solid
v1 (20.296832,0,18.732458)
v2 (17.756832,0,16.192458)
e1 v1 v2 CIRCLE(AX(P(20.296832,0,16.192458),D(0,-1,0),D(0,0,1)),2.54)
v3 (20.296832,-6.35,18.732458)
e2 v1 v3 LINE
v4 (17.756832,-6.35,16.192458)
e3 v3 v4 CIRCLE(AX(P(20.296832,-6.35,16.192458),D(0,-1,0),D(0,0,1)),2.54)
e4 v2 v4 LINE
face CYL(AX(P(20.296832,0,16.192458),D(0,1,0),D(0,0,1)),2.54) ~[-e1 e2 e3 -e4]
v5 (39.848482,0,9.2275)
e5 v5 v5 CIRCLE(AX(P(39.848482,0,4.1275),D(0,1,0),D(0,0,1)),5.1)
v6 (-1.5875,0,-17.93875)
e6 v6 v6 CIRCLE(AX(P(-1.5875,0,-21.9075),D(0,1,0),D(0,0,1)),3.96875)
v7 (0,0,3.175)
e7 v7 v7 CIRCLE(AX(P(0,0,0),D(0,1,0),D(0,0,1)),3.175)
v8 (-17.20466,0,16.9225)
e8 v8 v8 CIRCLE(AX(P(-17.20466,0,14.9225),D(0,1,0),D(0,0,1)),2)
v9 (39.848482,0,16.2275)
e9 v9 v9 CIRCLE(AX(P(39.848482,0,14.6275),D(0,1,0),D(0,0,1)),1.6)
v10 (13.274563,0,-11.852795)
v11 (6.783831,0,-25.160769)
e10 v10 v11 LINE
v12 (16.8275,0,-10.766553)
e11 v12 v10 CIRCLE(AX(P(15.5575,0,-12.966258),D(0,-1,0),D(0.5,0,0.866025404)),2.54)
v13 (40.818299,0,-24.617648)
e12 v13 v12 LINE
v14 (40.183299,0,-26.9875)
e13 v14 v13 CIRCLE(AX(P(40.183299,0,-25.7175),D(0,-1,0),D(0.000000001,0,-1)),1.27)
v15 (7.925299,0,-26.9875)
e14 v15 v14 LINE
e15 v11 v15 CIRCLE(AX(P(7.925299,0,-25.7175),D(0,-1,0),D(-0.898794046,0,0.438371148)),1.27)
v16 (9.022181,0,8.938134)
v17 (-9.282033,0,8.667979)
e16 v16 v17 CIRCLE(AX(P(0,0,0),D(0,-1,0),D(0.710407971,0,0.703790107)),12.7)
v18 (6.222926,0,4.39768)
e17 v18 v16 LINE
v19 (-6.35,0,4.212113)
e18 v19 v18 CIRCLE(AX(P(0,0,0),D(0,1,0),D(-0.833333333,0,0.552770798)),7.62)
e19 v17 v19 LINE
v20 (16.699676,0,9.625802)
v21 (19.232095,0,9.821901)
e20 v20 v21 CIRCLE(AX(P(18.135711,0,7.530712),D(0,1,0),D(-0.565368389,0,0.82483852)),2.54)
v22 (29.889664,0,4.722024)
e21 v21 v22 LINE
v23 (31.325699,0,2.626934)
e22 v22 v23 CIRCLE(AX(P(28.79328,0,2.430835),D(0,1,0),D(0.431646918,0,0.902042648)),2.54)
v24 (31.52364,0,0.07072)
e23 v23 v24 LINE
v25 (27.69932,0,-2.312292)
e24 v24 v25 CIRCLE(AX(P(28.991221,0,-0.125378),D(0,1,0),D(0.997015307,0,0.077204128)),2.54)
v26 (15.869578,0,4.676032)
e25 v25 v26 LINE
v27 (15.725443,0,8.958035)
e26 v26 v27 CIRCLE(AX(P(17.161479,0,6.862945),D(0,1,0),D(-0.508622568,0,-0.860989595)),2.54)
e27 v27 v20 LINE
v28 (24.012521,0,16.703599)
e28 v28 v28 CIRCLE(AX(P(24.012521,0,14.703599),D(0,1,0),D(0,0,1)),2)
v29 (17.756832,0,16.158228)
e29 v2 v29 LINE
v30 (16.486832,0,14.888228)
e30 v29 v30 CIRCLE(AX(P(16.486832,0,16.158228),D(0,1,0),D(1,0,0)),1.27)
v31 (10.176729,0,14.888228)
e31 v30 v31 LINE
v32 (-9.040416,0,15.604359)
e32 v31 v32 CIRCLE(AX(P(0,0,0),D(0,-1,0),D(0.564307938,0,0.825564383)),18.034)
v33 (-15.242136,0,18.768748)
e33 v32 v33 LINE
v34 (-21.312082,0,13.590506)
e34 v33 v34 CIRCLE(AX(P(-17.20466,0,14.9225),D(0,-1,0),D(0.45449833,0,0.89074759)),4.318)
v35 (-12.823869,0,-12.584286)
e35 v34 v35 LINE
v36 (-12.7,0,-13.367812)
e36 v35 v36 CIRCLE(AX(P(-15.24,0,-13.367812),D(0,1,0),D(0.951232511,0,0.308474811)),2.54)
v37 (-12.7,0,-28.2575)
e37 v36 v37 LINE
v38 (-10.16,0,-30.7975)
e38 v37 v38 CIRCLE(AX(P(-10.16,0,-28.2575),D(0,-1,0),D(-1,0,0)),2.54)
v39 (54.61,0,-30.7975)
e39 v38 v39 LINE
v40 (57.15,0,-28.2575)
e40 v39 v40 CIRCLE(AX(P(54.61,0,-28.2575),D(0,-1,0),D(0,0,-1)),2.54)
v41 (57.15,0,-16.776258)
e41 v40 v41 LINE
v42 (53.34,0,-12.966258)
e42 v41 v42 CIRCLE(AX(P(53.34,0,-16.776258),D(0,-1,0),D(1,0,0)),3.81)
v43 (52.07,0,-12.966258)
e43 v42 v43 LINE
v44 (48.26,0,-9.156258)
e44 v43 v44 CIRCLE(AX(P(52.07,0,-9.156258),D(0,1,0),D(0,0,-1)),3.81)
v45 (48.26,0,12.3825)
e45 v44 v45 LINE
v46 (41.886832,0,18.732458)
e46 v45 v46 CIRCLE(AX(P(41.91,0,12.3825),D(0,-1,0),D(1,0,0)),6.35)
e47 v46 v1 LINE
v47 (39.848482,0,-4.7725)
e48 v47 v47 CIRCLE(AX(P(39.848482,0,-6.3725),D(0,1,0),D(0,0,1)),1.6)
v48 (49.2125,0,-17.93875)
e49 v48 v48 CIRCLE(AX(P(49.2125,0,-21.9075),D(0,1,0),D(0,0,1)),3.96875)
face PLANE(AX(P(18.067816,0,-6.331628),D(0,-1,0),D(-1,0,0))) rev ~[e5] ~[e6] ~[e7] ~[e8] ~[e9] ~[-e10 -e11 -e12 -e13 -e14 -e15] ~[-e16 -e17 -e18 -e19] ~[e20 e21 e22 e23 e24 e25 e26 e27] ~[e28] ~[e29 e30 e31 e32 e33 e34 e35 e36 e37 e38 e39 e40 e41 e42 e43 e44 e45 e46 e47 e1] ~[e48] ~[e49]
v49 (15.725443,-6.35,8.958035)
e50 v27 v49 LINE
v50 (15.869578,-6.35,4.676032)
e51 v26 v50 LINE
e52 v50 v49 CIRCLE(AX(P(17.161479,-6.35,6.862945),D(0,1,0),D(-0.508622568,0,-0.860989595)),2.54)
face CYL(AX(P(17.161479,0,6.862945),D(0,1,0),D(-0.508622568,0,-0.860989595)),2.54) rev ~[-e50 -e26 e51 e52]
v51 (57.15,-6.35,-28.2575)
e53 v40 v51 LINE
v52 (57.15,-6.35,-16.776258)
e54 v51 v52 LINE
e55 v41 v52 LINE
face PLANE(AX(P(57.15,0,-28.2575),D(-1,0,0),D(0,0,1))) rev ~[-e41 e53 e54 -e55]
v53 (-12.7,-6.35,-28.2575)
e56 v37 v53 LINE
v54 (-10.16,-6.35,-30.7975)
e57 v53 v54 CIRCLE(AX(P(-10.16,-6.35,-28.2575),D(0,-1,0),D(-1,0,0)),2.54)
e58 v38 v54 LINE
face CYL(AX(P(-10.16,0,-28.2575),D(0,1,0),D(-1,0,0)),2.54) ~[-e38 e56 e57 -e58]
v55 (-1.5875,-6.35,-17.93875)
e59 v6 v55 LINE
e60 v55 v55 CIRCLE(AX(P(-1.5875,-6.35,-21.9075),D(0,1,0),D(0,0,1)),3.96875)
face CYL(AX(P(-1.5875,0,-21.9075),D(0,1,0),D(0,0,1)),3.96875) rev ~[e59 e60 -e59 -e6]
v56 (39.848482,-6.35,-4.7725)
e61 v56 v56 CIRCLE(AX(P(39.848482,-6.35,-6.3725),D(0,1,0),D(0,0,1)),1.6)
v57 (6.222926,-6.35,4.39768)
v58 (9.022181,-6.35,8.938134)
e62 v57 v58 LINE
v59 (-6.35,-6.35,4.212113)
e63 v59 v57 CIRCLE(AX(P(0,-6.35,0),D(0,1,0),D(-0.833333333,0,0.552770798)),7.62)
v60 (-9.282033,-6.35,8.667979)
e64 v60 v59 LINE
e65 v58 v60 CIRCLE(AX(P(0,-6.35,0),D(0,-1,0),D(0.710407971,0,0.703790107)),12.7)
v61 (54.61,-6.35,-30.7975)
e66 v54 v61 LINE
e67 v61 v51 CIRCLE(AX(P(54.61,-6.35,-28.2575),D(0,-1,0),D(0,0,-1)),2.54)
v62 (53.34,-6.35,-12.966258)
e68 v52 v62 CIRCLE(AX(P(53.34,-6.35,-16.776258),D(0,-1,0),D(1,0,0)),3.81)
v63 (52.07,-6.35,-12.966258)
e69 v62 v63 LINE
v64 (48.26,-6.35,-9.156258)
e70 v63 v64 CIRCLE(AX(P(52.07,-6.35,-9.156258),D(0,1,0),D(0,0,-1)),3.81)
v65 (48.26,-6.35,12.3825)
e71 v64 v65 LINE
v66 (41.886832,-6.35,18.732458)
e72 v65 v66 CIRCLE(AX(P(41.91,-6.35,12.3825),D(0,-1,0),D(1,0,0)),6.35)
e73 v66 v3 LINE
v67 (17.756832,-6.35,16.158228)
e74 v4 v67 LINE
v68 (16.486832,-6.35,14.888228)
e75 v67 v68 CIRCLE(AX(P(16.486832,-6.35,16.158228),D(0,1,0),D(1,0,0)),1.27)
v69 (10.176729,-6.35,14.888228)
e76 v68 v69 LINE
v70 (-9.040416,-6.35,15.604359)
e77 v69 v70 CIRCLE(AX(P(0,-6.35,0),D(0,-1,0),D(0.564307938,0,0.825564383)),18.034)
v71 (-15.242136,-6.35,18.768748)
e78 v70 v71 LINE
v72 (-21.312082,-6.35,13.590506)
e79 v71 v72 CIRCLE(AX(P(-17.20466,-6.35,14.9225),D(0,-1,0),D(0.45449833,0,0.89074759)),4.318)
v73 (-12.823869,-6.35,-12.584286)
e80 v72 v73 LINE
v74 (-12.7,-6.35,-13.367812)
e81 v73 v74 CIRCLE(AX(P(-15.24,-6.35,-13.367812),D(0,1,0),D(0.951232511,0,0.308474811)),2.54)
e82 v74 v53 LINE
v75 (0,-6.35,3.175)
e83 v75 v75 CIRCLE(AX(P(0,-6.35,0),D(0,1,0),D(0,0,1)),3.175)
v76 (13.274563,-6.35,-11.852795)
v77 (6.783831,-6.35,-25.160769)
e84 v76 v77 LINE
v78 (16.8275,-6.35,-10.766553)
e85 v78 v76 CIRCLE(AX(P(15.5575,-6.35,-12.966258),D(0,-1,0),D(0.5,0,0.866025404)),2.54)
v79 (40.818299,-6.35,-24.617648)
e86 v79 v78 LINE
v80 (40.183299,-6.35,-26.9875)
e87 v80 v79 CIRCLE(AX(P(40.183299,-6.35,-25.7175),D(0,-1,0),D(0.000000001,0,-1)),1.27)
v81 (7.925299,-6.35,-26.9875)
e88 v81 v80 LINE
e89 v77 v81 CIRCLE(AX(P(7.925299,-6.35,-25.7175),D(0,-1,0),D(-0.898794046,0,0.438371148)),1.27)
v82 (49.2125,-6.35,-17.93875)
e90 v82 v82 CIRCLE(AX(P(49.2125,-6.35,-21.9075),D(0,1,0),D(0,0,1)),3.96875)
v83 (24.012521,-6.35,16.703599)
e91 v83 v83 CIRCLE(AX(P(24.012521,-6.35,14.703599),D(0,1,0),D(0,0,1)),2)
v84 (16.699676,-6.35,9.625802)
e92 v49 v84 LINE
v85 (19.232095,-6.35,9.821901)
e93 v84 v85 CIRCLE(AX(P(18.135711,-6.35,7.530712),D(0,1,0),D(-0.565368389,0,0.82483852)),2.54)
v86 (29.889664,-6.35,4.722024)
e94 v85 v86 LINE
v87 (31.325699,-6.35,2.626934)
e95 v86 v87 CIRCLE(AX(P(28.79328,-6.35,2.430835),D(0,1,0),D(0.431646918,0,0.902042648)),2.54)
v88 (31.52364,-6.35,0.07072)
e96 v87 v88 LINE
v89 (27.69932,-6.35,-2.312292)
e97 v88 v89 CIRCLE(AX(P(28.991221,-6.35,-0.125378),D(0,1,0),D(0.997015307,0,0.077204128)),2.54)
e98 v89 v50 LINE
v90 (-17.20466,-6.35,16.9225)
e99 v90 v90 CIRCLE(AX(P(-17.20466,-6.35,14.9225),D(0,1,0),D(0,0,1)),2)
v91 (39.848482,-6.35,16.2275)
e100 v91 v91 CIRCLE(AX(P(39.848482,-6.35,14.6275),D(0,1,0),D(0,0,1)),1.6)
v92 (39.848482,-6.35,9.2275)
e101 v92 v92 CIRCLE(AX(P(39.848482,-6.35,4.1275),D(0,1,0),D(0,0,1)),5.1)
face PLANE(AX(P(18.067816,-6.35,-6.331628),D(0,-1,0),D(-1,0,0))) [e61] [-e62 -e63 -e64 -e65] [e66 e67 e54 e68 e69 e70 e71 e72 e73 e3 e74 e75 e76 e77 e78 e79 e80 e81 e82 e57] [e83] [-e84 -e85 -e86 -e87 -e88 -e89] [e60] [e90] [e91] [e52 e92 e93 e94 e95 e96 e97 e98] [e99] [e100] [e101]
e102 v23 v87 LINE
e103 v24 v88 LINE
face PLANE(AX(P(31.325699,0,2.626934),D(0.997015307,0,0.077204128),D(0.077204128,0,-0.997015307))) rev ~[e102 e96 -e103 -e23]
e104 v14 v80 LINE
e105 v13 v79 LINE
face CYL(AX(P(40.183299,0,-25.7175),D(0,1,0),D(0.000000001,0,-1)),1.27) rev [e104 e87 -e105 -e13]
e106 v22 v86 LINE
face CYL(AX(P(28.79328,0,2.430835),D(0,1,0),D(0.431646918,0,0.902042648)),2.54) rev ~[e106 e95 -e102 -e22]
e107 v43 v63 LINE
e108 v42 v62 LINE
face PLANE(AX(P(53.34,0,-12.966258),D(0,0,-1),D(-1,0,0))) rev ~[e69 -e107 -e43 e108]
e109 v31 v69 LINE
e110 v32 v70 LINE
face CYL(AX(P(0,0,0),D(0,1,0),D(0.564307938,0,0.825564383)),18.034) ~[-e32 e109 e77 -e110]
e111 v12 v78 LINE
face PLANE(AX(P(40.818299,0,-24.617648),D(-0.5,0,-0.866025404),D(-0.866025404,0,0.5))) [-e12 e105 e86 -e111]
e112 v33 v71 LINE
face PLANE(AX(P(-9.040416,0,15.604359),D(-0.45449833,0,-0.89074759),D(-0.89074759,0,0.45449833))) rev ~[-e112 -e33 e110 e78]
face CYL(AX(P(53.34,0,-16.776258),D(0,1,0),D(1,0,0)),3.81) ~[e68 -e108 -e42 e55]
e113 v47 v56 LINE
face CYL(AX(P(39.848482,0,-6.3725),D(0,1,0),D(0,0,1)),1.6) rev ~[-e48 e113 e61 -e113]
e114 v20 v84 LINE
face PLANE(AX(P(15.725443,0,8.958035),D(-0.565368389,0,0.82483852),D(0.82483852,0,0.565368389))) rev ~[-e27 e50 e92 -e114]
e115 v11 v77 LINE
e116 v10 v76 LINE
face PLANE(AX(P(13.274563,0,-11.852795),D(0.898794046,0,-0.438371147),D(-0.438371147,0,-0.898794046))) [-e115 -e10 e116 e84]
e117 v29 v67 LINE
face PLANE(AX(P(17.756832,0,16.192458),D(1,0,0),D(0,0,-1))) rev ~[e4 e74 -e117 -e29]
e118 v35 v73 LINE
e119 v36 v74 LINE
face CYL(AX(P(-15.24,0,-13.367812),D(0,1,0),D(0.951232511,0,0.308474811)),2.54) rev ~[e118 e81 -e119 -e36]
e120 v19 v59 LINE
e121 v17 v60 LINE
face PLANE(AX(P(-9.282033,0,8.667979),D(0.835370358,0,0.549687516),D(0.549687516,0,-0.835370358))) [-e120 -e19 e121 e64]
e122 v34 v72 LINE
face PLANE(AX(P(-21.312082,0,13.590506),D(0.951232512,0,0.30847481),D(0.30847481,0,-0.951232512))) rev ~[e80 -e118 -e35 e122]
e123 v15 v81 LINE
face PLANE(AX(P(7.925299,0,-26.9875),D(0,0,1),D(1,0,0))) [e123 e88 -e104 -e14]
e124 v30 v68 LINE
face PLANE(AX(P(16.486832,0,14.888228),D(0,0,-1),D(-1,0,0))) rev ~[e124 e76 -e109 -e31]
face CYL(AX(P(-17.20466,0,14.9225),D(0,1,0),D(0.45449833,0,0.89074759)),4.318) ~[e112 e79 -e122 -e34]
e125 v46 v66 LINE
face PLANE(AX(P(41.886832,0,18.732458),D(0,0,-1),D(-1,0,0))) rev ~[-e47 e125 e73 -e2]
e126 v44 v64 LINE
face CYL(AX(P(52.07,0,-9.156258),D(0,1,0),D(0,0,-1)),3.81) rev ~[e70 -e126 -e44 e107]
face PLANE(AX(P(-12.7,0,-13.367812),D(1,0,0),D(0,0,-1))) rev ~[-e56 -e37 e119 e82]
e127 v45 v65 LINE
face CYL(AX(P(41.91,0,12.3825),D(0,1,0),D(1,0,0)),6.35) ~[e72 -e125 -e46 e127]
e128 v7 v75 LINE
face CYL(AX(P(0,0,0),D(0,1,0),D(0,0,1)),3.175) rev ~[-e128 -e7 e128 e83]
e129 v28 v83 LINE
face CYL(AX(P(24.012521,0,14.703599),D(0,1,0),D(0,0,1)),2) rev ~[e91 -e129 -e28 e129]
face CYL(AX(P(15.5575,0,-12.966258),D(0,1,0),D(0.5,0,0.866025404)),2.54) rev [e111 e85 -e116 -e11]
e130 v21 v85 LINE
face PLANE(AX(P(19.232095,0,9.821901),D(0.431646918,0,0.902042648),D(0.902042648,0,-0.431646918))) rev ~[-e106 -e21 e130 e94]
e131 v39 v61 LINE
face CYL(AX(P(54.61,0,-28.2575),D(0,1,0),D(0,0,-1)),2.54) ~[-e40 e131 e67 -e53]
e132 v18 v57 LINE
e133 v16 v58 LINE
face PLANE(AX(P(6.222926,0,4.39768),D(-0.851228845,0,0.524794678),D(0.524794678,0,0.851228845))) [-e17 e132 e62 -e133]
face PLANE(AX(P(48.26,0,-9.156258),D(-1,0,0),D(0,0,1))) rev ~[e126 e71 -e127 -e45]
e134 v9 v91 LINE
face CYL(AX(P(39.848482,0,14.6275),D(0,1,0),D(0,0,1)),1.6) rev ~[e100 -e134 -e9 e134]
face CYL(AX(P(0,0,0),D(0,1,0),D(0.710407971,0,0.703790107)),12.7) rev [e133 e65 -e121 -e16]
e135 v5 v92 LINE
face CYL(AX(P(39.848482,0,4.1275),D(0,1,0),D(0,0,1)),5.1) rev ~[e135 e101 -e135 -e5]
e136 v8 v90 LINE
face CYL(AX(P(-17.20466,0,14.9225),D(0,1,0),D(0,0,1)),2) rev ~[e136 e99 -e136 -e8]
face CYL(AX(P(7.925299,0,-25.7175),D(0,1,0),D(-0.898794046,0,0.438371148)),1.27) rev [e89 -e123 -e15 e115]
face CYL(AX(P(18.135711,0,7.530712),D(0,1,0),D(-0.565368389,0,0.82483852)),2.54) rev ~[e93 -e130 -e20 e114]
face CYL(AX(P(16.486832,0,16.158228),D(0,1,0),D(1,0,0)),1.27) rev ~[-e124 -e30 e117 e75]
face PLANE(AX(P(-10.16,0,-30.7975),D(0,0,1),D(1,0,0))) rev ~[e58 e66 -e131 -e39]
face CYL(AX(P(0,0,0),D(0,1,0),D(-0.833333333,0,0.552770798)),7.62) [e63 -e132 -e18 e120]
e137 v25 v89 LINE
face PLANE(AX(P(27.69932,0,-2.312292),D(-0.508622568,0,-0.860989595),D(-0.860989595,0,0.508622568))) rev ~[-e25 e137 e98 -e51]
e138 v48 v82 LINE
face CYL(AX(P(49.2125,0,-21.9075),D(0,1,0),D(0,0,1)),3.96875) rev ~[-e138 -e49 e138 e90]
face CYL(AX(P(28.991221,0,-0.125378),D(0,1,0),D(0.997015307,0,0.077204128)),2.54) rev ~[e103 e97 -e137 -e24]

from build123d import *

# Parameters (mm, degrees)
SKETCH4_R           = 3.175
SKETCH4_R_2         = 3.96875
SKETCH4_R_3         = 5.1
SKETCH4_R_4         = 1.6
SKETCH4_R_5         = 2
BOSS_EXTRUDE2_DEPTH = 6.35


with BuildPart() as part:
    # Sketch4 → Boss-Extrude2 (new body)
    with BuildSketch(Plane(origin=(0, 0, 0), x_dir=(1, 0, 0), z_dir=(0, 1, 0))):
        with BuildLine():
            Line((41.886832424, -18.732457737), (20.296832424, -18.732457737))
            ThreePointArc((20.296832424, -18.732457737), (18.500781199, -17.988508961), (17.756832424, -16.192457737))
            Line((17.756832424, -16.192457737), (17.756832424, -16.158228087))
            ThreePointArc((17.756832424, -16.158228087), (17.384858036, -15.260202475), (16.486832424, -14.888228087))
            Line((16.486832424, -14.888228087), (10.176729358, -14.888228087))
            ThreePointArc((10.176729358, -14.888228087), (0.671575018, -18.021491142), (-9.04041606, -15.604359438))
            Line((-9.04041606, -15.604359438), (-15.242136468, -18.768748092))
            ThreePointArc((-15.242136468, -18.768748092), (-20.007104805, -18.207530981), (-21.312082241, -13.59050577))
            Line((-21.312082241, -13.59050577), (-12.82386942, 12.584286272))
            ThreePointArc((-12.82386942, 12.584286272), (-12.731158467, 12.971183794), (-12.7, 13.36781229))
            Line((-12.7, 13.36781229), (-12.7, 28.2575))
            ThreePointArc((-12.7, 28.2575), (-11.956051224, 30.053551224), (-10.16, 30.7975))
            Line((-10.16, 30.7975), (54.61, 30.7975))
            ThreePointArc((54.61, 30.7975), (56.406051224, 30.053551224), (57.15, 28.2575))
            Line((57.15, 28.2575), (57.15, 16.776257881))
            ThreePointArc((57.15, 16.776257881), (56.034076836, 14.082181045), (53.34, 12.966257881))
            Line((53.34, 12.966257881), (52.07, 12.966257881))
            ThreePointArc((52.07, 12.966257881), (49.375923164, 11.850334717), (48.26, 9.156257881))
            Line((48.26, 9.156257881), (48.26, -12.3825))
            ThreePointArc((48.26, -12.3825), (46.391929601, -16.880811578), (41.886832424, -18.732457737))
        make_face()
        with Locations(Location((0, 0, 0), (0, 0, 270))):
            Circle(SKETCH4_R, mode=Mode.SUBTRACT)
        with Locations(Location((-1.5875, 21.9075, 0), (0, 0, 270))):
            Circle(SKETCH4_R_2, mode=Mode.SUBTRACT)
        with Locations(Location((49.2125, 21.9075, 0), (0, 0, 270))):
            Circle(SKETCH4_R_2, mode=Mode.SUBTRACT)
        with Locations(Location((39.848481715, -4.1275, 0), (0, 0, 270))):
            Circle(SKETCH4_R_3, mode=Mode.SUBTRACT)
        with Locations(Location((39.848481715, -14.6275, 0), (0, 0, 270))):
            Circle(SKETCH4_R_4, mode=Mode.SUBTRACT)
        with Locations(Location((39.848481715, 6.3725, 0), (0, 0, 270))):
            Circle(SKETCH4_R_4, mode=Mode.SUBTRACT)
        with Locations(Location((24.012521227, -14.703599027, 0), (0, 0, 270))):
            Circle(SKETCH4_R_5, mode=Mode.SUBTRACT)
        with Locations(Location((-17.204660255, -14.9225, 0), (0, 0, 270))):
            Circle(SKETCH4_R_5, mode=Mode.SUBTRACT)
        with BuildLine():
            Line((40.81829921, 24.617647737), (16.8275, 10.766553356))
            ThreePointArc((16.8275, 10.766553356), (14.81487587, 10.537243801), (13.274563122, 11.852795168))
            Line((13.274563122, 11.852795168), (6.783830771, 25.160768644))
            ThreePointArc((6.783830771, 25.160768644), (6.848278127, 26.390497466), (7.92529921, 26.9875))
            Line((7.92529921, 26.9875), (40.18329921, 26.9875))
            ThreePointArc((40.18329921, 26.9875), (41.410025009, 26.046200187), (40.81829921, 24.617647737))
        make_face(mode=Mode.SUBTRACT)
        with BuildLine():
            Line((31.325699228, -2.62693366), (31.523640252, -0.070720194))
            ThreePointArc((31.523640252, -0.070720194), (30.334503757, 2.281113068), (27.699320049, 2.312291862))
            Line((27.699320049, 2.312291862), (15.869577834, -4.676031684))
            ThreePointArc((15.869577834, -4.676031684), (14.622916882, -6.777495975), (15.725443447, -8.958035098))
            Line((15.725443447, -8.958035098), (16.699675668, -9.625802289))
            ThreePointArc((16.699675668, -9.625802289), (17.939612893, -10.063131328), (19.232094548, -9.821900773))
            Line((19.232094548, -9.821900773), (29.889663519, -4.722023501))
            ThreePointArc((29.889663519, -4.722023501), (30.888370189, -3.866870885), (31.325699228, -2.62693366))
        make_face(mode=Mode.SUBTRACT)
        with BuildLine():
            Line((6.222926422, -4.3976797), (9.022181232, -8.938134359))
            ThreePointArc((9.022181232, -8.938134359), (-0.187421307, -12.698616982), (-9.282033212, -8.667978971))
            Line((-9.282033212, -8.667978971), (-6.35, -4.212113484))
            ThreePointArc((-6.35, -4.212113484), (-0.112452784, -7.619170189), (6.222926422, -4.3976797))
        make_face(mode=Mode.SUBTRACT)
    extrude(amount=-BOSS_EXTRUDE2_DEPTH)


solid = part.part
